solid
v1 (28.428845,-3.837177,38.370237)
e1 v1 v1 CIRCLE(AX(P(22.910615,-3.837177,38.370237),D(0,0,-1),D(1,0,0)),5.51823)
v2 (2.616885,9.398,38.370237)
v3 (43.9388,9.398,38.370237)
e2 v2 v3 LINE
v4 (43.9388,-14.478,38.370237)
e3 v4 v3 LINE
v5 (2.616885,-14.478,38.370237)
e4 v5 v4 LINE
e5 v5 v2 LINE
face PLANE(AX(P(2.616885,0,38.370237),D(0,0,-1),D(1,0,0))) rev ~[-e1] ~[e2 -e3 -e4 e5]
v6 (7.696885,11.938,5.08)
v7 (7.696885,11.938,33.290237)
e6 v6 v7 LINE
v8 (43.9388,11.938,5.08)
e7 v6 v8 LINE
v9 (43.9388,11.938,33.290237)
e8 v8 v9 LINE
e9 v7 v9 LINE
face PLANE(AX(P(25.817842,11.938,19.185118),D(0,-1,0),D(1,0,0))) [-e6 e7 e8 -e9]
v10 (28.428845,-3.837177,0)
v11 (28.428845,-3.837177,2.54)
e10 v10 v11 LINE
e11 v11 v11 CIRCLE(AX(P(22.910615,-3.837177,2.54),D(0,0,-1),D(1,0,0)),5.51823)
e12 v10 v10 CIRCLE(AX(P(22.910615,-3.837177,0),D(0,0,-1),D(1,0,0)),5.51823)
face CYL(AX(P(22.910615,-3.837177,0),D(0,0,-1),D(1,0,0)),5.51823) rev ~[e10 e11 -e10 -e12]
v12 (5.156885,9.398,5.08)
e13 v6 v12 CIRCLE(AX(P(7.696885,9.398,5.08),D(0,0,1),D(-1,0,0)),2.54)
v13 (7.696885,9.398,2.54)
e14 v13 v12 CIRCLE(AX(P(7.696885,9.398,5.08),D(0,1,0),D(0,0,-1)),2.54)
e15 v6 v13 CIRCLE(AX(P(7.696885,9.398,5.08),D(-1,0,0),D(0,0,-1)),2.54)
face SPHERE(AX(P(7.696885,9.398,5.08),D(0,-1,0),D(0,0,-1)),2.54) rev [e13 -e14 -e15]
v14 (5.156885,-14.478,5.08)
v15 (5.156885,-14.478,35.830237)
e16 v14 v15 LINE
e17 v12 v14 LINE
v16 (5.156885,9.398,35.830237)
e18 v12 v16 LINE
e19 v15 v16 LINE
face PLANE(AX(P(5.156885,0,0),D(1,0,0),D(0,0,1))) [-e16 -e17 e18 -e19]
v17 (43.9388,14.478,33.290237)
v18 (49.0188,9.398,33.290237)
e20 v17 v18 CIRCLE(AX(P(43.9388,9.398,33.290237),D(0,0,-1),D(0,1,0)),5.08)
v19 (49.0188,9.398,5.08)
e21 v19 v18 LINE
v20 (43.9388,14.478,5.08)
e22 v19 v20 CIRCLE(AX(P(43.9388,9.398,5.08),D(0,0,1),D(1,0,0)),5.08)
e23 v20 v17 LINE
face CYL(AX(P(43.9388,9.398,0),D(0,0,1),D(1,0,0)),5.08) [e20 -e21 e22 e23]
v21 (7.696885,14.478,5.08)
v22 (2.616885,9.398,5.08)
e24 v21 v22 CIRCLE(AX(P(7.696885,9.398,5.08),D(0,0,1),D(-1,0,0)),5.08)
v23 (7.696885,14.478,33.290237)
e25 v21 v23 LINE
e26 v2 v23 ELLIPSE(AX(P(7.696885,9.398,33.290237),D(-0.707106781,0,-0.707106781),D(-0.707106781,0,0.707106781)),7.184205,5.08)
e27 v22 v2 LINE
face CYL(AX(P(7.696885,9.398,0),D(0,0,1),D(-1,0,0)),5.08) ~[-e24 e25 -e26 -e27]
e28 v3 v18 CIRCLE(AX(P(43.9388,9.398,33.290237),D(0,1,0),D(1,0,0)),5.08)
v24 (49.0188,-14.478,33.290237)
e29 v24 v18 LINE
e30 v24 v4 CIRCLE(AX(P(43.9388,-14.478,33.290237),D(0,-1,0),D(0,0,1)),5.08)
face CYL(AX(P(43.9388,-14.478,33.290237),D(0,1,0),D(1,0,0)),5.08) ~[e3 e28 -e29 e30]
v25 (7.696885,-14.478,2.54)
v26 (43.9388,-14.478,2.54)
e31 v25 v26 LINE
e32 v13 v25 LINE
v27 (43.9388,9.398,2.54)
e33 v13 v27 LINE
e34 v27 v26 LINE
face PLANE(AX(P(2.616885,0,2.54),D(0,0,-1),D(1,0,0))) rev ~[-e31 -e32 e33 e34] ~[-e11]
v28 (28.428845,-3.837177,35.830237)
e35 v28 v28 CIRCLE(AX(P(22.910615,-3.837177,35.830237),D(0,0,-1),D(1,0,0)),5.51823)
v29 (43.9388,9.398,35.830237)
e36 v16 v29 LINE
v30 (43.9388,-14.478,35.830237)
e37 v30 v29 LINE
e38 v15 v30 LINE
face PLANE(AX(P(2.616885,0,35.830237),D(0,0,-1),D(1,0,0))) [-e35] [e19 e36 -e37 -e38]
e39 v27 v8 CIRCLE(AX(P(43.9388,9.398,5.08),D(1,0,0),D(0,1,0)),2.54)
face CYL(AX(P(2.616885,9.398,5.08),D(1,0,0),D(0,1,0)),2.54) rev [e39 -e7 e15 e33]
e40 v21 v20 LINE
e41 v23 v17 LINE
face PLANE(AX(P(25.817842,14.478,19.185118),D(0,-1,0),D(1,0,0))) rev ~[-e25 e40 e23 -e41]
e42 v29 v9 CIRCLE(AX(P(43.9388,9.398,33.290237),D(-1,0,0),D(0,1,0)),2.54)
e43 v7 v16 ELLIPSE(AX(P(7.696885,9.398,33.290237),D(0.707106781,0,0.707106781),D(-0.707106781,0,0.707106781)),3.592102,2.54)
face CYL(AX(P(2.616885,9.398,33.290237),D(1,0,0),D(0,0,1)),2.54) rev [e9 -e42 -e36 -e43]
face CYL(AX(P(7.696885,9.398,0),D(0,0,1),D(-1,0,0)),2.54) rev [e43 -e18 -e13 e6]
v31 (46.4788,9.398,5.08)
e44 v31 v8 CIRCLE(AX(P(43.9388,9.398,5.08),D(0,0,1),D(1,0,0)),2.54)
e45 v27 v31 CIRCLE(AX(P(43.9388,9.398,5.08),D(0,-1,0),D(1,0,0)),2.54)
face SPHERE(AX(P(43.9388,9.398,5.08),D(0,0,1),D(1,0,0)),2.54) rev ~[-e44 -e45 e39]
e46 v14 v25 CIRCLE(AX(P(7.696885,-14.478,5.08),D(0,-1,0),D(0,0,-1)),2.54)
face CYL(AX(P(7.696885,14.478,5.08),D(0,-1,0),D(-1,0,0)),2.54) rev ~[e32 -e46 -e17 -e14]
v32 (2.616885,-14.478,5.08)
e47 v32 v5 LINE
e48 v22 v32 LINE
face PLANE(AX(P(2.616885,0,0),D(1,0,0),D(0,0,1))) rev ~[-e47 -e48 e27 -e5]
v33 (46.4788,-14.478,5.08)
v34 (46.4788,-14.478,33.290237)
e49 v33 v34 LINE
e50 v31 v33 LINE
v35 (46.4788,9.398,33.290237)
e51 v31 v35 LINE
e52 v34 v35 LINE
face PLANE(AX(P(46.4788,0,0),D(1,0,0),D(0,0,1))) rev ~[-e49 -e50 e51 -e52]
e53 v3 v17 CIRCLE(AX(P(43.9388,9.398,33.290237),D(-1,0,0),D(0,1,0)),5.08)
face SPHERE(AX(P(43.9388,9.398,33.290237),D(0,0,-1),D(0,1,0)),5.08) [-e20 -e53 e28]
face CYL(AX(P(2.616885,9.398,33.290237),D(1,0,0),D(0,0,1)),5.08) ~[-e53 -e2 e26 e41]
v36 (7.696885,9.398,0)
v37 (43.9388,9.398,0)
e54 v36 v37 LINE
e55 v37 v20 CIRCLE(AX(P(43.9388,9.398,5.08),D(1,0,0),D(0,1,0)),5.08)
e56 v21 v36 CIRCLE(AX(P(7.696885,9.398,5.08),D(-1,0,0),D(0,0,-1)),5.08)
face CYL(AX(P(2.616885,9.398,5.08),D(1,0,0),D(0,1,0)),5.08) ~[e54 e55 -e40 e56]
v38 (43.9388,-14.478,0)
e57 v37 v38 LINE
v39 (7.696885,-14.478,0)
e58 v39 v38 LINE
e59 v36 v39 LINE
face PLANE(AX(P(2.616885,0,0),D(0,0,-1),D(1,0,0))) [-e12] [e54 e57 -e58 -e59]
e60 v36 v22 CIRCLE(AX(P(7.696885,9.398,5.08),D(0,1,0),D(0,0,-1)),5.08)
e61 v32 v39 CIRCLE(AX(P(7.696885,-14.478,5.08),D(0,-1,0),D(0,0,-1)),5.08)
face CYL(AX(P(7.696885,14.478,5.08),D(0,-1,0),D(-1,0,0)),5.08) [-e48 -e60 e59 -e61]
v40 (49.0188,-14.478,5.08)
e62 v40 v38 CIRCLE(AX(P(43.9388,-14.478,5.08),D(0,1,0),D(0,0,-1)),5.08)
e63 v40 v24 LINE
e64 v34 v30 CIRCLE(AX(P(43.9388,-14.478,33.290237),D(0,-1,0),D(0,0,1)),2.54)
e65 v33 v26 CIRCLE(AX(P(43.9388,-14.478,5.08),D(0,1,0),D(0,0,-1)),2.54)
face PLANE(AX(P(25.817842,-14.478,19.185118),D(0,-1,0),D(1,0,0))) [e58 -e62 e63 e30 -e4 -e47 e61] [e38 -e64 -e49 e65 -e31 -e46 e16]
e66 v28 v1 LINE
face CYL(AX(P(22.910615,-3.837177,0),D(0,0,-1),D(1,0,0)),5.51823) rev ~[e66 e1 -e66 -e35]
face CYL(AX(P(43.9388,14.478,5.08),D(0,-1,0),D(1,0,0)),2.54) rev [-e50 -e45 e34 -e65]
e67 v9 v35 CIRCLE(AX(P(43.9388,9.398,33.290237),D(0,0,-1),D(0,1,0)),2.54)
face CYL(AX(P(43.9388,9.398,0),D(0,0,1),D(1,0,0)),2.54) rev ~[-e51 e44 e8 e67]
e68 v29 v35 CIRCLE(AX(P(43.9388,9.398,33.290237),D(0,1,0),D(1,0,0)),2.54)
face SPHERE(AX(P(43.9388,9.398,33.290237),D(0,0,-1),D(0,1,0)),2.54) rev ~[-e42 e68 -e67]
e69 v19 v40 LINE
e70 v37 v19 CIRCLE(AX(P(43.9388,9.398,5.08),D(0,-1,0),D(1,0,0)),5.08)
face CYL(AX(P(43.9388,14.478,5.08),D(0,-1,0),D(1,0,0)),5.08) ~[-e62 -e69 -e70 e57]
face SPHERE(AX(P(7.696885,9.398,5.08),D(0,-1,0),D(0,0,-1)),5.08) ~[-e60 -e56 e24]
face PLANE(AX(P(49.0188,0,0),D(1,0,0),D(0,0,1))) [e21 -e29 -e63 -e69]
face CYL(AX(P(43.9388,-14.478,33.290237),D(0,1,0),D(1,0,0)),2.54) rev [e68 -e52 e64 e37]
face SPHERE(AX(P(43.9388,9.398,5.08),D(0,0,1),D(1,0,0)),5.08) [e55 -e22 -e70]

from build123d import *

# Parameters (mm, degrees)
F0_W     = 46.4019156061
F0_H     = 38.3702367544
F1_DEPTH = 14.478
F2_R     = 5.08
F3_T     = -2.54
F4_R     = 5.5182295765
F5_DEPTH = 38.862


with BuildPart() as f1:
    # F0 (on Front) → F1 (new body, symmetric)
    with BuildSketch(Plane.XZ):
        with Locations((25.8178424556, 19.1851183772)):
            Rectangle(F0_W, F0_H)
    extrude(amount=F1_DEPTH, both=True)

    # F2
    f2_edges = [f1.edges().sort_by_distance(p)[0] for p in [
        (49.0188, 14.478, 19.185118),
        (49.0188, 0, 0),
        (2.616885, 0, 0),
        (25.817842, 14.478, 0),
        (2.616885, 14.478, 19.185118),
        (25.817842, 14.478, 38.370237),
        (49.0188, 0, 38.370237),
    ]]
    fillet(f2_edges, radius=F2_R)

    # F3
    f3_openings = [f1.faces().sort_by_distance(p)[0] for p in [
        (25.748559, -14.478, 19.241793),
    ]]
    offset(amount=F3_T, openings=f3_openings)

    # F4 (on face) → F5 (cut)
    with BuildSketch(Plane(origin=(0, 0, 0), x_dir=(1, 0, 0), z_dir=(0, 0, -1))):
        with Locations((22.9106154293, 3.8371770643)):
            Circle(F4_R)
    extrude(amount=-F5_DEPTH, mode=Mode.SUBTRACT)


solid = f1.part
